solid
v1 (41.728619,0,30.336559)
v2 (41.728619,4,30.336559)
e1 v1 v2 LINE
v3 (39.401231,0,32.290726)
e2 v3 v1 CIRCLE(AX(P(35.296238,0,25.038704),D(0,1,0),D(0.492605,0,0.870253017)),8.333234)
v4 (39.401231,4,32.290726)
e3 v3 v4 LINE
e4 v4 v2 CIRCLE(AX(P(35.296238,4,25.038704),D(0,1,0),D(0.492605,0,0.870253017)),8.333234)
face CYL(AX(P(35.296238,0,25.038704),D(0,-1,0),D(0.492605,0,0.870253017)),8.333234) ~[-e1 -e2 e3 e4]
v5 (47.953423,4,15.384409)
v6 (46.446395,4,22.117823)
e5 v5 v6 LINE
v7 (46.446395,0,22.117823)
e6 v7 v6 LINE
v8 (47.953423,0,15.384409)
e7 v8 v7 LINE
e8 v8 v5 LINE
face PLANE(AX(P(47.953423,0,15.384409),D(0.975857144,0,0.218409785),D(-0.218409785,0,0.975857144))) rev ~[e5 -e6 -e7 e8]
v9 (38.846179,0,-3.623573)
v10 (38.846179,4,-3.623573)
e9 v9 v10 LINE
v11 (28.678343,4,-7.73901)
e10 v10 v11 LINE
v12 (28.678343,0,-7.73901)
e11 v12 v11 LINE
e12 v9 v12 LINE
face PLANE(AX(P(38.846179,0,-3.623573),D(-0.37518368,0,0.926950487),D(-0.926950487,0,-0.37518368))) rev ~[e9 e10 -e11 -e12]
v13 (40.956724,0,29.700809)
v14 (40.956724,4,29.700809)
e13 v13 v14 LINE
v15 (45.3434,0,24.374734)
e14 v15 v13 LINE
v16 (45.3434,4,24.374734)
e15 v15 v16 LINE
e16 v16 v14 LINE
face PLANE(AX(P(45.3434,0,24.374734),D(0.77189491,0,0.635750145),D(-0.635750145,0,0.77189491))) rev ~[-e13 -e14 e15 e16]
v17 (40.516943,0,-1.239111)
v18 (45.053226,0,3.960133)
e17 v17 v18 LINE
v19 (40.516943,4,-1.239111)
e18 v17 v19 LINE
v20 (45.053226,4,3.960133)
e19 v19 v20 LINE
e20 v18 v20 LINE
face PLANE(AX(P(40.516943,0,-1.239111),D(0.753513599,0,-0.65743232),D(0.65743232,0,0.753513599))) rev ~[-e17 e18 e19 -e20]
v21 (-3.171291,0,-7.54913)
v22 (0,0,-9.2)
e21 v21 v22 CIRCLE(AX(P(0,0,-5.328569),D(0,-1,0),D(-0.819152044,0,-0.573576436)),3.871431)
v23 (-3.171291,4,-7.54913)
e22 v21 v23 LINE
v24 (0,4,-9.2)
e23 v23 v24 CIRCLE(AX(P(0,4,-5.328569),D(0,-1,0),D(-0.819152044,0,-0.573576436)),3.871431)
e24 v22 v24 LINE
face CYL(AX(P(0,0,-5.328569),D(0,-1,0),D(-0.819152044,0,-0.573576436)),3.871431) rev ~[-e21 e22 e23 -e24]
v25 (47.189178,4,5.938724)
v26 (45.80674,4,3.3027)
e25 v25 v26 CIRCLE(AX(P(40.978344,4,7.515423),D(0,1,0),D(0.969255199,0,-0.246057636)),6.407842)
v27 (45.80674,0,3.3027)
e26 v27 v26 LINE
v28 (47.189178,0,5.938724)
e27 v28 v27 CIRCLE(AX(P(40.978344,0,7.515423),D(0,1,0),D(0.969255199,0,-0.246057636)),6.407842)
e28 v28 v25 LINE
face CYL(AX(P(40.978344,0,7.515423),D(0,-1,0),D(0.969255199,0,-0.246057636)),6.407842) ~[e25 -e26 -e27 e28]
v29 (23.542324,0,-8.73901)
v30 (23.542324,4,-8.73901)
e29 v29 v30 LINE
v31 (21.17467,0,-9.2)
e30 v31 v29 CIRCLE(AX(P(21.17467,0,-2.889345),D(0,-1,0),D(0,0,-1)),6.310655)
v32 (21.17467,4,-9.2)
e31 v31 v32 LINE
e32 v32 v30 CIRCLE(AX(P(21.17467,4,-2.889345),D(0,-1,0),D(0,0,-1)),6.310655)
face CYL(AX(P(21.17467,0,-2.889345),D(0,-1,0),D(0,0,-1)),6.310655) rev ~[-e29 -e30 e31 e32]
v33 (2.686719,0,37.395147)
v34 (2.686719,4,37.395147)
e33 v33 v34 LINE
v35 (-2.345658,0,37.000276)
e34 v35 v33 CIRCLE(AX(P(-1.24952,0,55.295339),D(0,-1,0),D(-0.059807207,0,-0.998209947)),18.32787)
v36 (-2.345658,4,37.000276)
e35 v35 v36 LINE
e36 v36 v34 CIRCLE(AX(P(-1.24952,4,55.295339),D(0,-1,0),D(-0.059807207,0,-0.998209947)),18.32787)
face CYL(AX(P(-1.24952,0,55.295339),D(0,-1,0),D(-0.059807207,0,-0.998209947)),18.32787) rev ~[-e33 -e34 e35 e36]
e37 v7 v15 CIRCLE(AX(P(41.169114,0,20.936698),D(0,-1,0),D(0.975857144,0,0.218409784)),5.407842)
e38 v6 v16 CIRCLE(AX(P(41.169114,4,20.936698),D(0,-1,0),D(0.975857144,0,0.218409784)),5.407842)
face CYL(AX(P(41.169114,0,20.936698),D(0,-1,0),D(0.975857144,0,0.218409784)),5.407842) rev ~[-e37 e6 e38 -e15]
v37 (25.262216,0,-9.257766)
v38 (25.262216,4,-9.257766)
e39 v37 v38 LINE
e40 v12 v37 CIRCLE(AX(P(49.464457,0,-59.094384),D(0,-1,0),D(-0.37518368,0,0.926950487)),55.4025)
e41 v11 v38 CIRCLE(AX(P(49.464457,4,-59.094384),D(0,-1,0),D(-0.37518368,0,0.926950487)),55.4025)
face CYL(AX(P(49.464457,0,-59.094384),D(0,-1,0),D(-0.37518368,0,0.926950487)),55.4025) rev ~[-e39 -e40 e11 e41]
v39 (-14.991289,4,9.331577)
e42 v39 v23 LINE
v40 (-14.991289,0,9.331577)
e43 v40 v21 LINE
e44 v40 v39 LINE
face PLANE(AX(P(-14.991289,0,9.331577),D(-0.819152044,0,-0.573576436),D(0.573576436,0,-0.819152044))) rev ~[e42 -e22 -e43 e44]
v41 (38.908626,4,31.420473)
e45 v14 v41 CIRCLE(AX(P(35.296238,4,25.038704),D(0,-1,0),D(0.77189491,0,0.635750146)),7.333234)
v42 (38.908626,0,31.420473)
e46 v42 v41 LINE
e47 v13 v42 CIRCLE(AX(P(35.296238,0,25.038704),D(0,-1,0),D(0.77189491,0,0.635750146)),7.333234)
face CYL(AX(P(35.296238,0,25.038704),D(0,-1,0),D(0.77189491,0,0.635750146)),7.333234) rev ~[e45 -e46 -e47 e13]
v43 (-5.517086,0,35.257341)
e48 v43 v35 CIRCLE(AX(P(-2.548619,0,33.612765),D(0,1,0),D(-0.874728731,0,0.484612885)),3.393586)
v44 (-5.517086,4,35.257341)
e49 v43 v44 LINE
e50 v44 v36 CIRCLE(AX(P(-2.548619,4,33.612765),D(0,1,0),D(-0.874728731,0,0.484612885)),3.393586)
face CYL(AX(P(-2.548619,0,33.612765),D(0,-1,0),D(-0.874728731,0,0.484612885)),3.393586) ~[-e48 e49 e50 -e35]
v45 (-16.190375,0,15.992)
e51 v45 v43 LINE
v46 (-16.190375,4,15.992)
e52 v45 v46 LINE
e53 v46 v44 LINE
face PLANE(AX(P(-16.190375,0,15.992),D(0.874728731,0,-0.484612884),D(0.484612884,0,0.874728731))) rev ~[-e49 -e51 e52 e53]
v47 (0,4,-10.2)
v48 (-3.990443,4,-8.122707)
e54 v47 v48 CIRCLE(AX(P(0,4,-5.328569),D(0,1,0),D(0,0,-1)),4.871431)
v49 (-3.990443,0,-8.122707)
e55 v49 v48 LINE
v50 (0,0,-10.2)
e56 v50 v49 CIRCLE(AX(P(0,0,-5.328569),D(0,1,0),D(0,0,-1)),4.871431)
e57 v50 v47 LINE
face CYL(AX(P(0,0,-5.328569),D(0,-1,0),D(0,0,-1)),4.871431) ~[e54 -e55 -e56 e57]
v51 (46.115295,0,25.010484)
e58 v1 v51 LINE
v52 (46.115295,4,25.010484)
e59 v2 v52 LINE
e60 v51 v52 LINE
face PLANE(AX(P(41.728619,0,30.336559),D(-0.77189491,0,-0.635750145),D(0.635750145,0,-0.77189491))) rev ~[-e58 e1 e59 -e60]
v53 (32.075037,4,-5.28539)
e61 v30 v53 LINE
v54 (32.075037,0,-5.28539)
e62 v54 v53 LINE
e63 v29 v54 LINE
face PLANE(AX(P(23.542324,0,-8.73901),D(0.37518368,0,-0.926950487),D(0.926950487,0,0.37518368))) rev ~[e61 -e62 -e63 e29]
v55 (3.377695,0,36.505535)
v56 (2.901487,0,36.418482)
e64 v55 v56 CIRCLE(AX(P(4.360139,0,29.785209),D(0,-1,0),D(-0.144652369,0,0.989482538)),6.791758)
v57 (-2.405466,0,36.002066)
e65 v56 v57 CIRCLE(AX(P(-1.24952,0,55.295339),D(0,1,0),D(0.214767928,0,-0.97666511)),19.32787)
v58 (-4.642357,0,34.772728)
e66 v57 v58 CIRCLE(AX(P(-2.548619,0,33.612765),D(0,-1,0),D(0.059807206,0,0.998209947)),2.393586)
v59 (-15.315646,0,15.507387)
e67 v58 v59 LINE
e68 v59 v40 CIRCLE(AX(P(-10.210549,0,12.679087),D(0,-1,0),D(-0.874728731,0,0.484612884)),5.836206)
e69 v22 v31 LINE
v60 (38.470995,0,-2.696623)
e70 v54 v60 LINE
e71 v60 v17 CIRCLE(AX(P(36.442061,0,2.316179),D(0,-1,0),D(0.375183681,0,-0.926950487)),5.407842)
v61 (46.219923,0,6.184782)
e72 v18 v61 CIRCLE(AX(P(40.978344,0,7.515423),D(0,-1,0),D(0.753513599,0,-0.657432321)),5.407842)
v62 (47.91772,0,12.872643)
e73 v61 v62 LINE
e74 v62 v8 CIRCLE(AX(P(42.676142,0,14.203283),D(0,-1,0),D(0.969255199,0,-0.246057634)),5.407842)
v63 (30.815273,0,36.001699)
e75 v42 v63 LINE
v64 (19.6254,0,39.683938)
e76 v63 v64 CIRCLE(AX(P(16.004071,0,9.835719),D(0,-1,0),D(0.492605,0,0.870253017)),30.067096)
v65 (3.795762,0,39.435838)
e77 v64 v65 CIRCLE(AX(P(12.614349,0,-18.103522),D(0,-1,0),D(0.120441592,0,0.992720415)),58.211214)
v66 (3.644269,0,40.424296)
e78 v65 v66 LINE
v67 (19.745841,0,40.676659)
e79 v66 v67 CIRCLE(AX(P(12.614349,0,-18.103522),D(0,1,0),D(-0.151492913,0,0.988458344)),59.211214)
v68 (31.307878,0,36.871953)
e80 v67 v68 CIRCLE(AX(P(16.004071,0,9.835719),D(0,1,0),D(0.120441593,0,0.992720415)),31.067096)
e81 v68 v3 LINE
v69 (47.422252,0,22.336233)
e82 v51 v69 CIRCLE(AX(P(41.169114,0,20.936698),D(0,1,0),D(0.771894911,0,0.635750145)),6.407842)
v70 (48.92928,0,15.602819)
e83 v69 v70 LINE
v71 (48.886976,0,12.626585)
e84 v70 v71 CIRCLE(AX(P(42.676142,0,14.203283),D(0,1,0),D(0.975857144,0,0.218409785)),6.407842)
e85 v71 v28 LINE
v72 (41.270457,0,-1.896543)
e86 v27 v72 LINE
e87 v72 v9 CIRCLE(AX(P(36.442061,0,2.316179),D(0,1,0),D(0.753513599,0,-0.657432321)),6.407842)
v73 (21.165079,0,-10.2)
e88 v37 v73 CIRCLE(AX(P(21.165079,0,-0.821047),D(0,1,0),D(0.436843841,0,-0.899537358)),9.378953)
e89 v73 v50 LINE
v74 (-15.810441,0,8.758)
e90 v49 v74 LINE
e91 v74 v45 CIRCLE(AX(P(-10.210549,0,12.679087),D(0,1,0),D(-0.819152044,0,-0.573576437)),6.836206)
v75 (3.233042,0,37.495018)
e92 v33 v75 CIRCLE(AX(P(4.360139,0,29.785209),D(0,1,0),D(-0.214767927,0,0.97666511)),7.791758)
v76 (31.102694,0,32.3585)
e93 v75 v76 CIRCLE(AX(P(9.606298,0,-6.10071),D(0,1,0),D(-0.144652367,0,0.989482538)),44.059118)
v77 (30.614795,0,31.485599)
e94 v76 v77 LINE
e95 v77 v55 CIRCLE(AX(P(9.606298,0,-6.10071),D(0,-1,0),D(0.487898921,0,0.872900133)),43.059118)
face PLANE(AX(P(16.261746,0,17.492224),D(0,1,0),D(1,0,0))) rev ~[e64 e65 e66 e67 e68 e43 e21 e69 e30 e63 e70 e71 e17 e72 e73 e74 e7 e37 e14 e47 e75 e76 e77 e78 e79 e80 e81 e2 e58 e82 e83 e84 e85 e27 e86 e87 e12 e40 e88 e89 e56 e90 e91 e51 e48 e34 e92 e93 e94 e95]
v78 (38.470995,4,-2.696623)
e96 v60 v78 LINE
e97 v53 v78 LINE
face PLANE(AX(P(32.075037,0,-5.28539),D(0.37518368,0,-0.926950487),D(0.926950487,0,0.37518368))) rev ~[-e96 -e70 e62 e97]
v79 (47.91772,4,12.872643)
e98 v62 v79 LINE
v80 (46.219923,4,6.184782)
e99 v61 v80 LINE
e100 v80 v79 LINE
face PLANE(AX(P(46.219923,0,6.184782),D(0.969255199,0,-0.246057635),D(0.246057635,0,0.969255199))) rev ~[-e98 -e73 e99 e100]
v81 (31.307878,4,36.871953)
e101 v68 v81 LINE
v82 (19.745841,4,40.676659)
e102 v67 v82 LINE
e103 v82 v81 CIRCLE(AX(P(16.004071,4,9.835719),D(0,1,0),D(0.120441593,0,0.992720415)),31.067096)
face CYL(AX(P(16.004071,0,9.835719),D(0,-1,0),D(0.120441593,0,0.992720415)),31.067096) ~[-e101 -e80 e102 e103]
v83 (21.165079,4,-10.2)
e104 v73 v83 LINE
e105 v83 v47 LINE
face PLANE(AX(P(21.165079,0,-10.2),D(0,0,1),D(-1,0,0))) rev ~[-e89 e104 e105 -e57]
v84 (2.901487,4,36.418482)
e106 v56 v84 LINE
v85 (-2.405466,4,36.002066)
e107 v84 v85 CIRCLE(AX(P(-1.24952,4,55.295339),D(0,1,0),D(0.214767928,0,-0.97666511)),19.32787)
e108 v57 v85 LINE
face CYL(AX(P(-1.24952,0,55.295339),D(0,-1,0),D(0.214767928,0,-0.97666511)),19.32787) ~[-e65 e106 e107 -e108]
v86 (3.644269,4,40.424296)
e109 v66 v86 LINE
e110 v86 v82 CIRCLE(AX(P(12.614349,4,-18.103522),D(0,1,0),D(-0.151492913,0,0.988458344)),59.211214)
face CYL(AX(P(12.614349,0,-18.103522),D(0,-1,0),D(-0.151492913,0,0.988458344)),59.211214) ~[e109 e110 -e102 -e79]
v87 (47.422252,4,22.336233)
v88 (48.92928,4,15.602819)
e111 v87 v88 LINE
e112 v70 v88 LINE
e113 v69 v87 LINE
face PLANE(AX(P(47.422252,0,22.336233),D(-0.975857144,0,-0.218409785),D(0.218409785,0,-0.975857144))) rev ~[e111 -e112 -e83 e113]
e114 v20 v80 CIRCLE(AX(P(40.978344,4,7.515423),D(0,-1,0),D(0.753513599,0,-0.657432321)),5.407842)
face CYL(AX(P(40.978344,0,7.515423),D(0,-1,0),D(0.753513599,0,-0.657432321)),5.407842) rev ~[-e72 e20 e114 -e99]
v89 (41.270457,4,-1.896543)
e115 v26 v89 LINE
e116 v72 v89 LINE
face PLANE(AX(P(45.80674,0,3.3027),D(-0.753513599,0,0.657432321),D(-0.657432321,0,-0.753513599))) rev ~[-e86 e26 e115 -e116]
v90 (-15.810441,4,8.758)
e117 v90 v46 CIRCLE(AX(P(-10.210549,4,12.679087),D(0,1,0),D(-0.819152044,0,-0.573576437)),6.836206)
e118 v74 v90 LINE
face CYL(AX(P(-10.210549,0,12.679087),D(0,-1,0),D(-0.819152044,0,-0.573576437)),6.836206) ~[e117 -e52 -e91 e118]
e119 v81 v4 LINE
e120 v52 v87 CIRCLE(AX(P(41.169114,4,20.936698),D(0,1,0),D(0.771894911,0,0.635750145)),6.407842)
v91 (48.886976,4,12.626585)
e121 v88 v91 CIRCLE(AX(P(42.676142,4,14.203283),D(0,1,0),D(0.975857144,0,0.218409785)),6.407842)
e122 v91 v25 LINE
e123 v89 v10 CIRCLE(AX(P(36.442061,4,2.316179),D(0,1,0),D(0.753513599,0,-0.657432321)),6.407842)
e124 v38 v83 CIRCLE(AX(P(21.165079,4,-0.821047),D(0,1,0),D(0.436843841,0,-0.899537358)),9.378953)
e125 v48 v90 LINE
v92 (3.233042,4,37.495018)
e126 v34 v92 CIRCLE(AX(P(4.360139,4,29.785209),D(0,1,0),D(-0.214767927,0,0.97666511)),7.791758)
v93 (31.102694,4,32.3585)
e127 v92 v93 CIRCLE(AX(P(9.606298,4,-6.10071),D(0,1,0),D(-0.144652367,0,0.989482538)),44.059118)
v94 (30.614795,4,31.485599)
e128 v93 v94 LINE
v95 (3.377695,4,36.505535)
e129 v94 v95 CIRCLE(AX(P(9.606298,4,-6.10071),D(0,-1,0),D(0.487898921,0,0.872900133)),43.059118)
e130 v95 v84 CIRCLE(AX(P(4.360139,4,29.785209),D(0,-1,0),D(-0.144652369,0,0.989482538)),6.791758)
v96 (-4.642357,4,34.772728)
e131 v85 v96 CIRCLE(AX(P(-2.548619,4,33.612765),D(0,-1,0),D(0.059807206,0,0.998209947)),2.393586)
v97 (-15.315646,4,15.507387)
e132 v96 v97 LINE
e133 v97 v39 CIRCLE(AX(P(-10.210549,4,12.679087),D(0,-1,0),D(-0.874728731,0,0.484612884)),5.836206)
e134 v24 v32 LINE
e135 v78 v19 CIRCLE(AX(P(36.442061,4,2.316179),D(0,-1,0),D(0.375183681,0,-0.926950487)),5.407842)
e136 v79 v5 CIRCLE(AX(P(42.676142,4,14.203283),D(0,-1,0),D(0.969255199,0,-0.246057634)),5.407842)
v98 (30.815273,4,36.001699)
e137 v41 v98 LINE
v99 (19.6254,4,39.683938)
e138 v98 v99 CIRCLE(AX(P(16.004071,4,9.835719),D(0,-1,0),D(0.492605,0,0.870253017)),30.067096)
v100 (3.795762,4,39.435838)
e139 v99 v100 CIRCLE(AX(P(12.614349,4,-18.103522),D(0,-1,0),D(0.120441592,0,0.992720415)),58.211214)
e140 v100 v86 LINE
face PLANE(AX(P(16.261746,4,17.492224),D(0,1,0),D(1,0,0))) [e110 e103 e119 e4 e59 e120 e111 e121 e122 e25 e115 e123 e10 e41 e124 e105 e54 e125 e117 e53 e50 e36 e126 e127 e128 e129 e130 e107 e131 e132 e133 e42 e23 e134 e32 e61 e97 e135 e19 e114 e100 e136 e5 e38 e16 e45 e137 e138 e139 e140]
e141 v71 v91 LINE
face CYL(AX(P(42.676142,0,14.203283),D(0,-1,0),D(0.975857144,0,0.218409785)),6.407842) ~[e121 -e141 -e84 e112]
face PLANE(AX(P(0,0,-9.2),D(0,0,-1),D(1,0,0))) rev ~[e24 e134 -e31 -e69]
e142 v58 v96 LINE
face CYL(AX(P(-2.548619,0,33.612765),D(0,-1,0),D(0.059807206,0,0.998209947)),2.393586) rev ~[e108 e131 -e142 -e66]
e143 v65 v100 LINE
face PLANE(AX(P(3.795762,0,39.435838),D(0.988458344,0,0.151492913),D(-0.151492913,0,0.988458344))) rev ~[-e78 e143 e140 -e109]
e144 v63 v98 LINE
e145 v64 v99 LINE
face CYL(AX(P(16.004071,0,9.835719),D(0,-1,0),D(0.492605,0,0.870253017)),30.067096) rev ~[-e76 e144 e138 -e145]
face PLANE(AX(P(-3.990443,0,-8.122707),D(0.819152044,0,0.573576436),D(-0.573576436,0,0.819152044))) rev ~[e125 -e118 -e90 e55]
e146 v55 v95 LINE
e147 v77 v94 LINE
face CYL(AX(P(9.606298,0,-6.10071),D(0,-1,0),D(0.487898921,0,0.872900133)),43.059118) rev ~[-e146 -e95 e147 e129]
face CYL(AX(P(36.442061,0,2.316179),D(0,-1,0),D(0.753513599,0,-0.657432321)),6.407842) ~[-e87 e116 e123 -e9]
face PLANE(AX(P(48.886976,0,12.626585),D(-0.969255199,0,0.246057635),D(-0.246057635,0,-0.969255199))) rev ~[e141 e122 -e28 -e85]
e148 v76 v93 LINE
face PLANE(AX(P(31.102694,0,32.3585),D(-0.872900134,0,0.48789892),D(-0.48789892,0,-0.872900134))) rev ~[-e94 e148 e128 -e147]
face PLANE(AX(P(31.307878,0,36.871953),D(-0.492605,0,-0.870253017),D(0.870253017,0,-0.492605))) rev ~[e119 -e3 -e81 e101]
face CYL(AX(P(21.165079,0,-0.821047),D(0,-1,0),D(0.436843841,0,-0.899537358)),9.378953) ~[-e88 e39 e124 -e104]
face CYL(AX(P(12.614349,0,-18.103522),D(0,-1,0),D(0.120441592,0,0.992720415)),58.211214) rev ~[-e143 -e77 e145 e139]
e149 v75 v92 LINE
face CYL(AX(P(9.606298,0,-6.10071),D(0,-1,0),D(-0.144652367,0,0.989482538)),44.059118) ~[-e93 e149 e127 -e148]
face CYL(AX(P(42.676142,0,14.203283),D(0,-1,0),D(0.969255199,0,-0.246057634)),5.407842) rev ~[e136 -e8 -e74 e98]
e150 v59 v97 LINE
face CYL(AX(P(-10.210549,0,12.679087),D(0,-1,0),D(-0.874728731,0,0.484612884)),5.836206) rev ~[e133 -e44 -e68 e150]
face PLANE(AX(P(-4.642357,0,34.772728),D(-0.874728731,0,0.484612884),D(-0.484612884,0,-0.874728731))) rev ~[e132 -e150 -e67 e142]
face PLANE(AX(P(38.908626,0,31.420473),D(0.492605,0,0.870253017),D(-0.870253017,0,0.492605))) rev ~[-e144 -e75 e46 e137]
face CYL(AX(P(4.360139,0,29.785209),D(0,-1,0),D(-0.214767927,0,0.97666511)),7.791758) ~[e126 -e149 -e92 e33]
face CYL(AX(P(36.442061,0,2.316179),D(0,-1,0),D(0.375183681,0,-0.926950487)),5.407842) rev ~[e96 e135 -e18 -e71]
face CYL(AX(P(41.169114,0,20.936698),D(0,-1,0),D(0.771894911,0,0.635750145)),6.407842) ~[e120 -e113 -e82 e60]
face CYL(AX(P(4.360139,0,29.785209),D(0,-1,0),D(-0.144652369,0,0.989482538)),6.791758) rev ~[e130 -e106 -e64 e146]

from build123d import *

# Parameters (mm, degrees)
BOSS_EXTRUDE1_DEPTH = 4


with BuildPart() as part:
    # Sketch1 → Boss-Extrude1 (new body)
    with BuildSketch(Plane(origin=(0, 0, 0), x_dir=(1, 0, 0), z_dir=(0, 1, 0))):
        with BuildLine():
            ThreePointArc((30.815272538, -36.001699489), (25.402435992, -38.396198014), (19.625399795, -39.683938449))
            ThreePointArc((19.625399795, -39.683938449), (11.702107234, -40.100543502), (3.79576222, -39.435838094))
            Line((3.79576222, -39.435838094), (3.644269307, -40.424296438))
            ThreePointArc((3.644269307, -40.424296438), (11.686436005, -41.100420701), (19.745841387, -40.676658864))
            ThreePointArc((19.745841387, -40.676658864), (25.715015737, -39.346089535), (31.307877538, -36.871952506))
            Line((31.307877538, -36.871952506), (39.401230599, -32.290726007))
            ThreePointArc((39.401230599, -32.290726007), (40.654759367, -31.420634412), (41.728618671, -30.336558791))
            Line((41.728618671, -30.336558791), (46.115294675, -25.01048391))
            ThreePointArc((46.115294675, -25.01048391), (46.926204525, -23.750298002), (47.422252359, -22.336232991))
            Line((47.422252359, -22.336232991), (48.929279873, -15.602818696))
            ThreePointArc((48.929279873, -15.602818696), (49.083336252, -14.112211456), (48.886975652, -12.626585049))
            Line((48.886975652, -12.626585049), (47.189177971, -5.938724177))
            ThreePointArc((47.189177971, -5.938724177), (46.653139583, -4.539329252), (45.806739977, -3.302700361))
            Line((45.806739977, -3.302700361), (41.270456965, 1.896543473))
            ThreePointArc((41.270456965, 1.896543473), (40.159986728, 2.902773645), (38.846178779, 3.62357319))
            Line((38.846178779, 3.62357319), (28.678343339, 7.739009747))
            ThreePointArc((28.678343339, 7.739009747), (26.957465579, 8.469564765), (25.262216259, 9.257765654))
            ThreePointArc((25.262216259, 9.257765654), (23.267121819, 9.961406596), (21.165078625, 10.2))
            Line((21.165078625, 10.2), (0, 10.2))
            ThreePointArc((0, 10.2), (-2.249376643, 9.649581037), (-3.9904429, 8.122706909))
            Line((-3.9904429, 8.122706909), (-15.810441253, -8.758000179))
            ThreePointArc((-15.810441253, -8.758000179), (-17.037346005, -12.320539523), (-16.190374911, -15.991999971))
            Line((-16.190374911, -15.991999971), (-5.517086169, -35.257340666))
            ThreePointArc((-5.517086169, -35.257340666), (-4.183080077, -36.586813335), (-2.345658451, -37.000276272))
            ThreePointArc((-2.345658451, -37.000276272), (0.184189718, -37.023630883), (2.686718995, -37.395147249))
            ThreePointArc((2.686718995, -37.395147249), (2.95899063, -37.449951511), (3.233042455, -37.495017541))
            ThreePointArc((3.233042455, -37.495017541), (17.592116724, -37.228639758), (31.102694288, -32.358499632))
            Line((31.102694288, -32.358499632), (30.614795368, -31.485599499))
            ThreePointArc((30.614795368, -31.485599499), (17.410864376, -36.245203137), (3.377694822, -36.505535003))
            ThreePointArc((3.377694822, -36.505535003), (3.138815013, -36.466252781), (2.901486924, -36.418482139))
            ThreePointArc((2.901486924, -36.418482139), (0.262415361, -36.026695204), (-2.405465658, -36.002066325))
            ThreePointArc((-2.405465658, -36.002066325), (-3.701447688, -35.710439989), (-4.642357438, -34.772727782))
            Line((-4.642357438, -34.772727782), (-15.31564618, -15.507387087))
            ThreePointArc((-15.31564618, -15.507387087), (-16.038722362, -12.372987788), (-14.991289209, -9.331576615))
            Line((-14.991289209, -9.331576615), (-3.171290856, 7.549130473))
            ThreePointArc((-3.171290856, 7.549130473), (-1.78762803, 8.762570204), (0, 9.2))
            Line((0, 9.2), (21.174669732, 9.2))
            ThreePointArc((21.174669732, 9.2), (22.380727426, 9.083680421), (23.542324402, 8.739009747))
            Line((23.542324402, 8.739009747), (32.075036736, 5.285390097))
            Line((32.075036736, 5.285390097), (38.470995099, 2.696622703))
            ThreePointArc((38.470995099, 2.696622703), (39.579771769, 2.088310262), (40.516943366, 1.239111152))
            Line((40.516943366, 1.239111152), (45.053226377, -3.960132681))
            ThreePointArc((45.053226377, -3.960132681), (45.767537886, -5.003774765), (46.219922772, -6.184781812))
            Line((46.219922772, -6.184781812), (47.917720454, -12.872642684))
            ThreePointArc((47.917720454, -12.872642684), (48.083437256, -14.126424033), (47.953422729, -15.384408911))
            Line((47.953422729, -15.384408911), (46.446395215, -22.117823206))
            ThreePointArc((46.446395215, -22.117823206), (46.027760006, -23.311210944), (45.343399765, -24.374733765))
            Line((45.343399765, -24.374733765), (40.956723761, -29.700808646))
            ThreePointArc((40.956723761, -29.700808646), (40.011729115, -30.654793636), (38.908625599, -31.42047299))
            Line((38.908625599, -31.42047299), (30.815272538, -36.001699489))
        make_face()
    extrude(amount=BOSS_EXTRUDE1_DEPTH)


solid = part.part
